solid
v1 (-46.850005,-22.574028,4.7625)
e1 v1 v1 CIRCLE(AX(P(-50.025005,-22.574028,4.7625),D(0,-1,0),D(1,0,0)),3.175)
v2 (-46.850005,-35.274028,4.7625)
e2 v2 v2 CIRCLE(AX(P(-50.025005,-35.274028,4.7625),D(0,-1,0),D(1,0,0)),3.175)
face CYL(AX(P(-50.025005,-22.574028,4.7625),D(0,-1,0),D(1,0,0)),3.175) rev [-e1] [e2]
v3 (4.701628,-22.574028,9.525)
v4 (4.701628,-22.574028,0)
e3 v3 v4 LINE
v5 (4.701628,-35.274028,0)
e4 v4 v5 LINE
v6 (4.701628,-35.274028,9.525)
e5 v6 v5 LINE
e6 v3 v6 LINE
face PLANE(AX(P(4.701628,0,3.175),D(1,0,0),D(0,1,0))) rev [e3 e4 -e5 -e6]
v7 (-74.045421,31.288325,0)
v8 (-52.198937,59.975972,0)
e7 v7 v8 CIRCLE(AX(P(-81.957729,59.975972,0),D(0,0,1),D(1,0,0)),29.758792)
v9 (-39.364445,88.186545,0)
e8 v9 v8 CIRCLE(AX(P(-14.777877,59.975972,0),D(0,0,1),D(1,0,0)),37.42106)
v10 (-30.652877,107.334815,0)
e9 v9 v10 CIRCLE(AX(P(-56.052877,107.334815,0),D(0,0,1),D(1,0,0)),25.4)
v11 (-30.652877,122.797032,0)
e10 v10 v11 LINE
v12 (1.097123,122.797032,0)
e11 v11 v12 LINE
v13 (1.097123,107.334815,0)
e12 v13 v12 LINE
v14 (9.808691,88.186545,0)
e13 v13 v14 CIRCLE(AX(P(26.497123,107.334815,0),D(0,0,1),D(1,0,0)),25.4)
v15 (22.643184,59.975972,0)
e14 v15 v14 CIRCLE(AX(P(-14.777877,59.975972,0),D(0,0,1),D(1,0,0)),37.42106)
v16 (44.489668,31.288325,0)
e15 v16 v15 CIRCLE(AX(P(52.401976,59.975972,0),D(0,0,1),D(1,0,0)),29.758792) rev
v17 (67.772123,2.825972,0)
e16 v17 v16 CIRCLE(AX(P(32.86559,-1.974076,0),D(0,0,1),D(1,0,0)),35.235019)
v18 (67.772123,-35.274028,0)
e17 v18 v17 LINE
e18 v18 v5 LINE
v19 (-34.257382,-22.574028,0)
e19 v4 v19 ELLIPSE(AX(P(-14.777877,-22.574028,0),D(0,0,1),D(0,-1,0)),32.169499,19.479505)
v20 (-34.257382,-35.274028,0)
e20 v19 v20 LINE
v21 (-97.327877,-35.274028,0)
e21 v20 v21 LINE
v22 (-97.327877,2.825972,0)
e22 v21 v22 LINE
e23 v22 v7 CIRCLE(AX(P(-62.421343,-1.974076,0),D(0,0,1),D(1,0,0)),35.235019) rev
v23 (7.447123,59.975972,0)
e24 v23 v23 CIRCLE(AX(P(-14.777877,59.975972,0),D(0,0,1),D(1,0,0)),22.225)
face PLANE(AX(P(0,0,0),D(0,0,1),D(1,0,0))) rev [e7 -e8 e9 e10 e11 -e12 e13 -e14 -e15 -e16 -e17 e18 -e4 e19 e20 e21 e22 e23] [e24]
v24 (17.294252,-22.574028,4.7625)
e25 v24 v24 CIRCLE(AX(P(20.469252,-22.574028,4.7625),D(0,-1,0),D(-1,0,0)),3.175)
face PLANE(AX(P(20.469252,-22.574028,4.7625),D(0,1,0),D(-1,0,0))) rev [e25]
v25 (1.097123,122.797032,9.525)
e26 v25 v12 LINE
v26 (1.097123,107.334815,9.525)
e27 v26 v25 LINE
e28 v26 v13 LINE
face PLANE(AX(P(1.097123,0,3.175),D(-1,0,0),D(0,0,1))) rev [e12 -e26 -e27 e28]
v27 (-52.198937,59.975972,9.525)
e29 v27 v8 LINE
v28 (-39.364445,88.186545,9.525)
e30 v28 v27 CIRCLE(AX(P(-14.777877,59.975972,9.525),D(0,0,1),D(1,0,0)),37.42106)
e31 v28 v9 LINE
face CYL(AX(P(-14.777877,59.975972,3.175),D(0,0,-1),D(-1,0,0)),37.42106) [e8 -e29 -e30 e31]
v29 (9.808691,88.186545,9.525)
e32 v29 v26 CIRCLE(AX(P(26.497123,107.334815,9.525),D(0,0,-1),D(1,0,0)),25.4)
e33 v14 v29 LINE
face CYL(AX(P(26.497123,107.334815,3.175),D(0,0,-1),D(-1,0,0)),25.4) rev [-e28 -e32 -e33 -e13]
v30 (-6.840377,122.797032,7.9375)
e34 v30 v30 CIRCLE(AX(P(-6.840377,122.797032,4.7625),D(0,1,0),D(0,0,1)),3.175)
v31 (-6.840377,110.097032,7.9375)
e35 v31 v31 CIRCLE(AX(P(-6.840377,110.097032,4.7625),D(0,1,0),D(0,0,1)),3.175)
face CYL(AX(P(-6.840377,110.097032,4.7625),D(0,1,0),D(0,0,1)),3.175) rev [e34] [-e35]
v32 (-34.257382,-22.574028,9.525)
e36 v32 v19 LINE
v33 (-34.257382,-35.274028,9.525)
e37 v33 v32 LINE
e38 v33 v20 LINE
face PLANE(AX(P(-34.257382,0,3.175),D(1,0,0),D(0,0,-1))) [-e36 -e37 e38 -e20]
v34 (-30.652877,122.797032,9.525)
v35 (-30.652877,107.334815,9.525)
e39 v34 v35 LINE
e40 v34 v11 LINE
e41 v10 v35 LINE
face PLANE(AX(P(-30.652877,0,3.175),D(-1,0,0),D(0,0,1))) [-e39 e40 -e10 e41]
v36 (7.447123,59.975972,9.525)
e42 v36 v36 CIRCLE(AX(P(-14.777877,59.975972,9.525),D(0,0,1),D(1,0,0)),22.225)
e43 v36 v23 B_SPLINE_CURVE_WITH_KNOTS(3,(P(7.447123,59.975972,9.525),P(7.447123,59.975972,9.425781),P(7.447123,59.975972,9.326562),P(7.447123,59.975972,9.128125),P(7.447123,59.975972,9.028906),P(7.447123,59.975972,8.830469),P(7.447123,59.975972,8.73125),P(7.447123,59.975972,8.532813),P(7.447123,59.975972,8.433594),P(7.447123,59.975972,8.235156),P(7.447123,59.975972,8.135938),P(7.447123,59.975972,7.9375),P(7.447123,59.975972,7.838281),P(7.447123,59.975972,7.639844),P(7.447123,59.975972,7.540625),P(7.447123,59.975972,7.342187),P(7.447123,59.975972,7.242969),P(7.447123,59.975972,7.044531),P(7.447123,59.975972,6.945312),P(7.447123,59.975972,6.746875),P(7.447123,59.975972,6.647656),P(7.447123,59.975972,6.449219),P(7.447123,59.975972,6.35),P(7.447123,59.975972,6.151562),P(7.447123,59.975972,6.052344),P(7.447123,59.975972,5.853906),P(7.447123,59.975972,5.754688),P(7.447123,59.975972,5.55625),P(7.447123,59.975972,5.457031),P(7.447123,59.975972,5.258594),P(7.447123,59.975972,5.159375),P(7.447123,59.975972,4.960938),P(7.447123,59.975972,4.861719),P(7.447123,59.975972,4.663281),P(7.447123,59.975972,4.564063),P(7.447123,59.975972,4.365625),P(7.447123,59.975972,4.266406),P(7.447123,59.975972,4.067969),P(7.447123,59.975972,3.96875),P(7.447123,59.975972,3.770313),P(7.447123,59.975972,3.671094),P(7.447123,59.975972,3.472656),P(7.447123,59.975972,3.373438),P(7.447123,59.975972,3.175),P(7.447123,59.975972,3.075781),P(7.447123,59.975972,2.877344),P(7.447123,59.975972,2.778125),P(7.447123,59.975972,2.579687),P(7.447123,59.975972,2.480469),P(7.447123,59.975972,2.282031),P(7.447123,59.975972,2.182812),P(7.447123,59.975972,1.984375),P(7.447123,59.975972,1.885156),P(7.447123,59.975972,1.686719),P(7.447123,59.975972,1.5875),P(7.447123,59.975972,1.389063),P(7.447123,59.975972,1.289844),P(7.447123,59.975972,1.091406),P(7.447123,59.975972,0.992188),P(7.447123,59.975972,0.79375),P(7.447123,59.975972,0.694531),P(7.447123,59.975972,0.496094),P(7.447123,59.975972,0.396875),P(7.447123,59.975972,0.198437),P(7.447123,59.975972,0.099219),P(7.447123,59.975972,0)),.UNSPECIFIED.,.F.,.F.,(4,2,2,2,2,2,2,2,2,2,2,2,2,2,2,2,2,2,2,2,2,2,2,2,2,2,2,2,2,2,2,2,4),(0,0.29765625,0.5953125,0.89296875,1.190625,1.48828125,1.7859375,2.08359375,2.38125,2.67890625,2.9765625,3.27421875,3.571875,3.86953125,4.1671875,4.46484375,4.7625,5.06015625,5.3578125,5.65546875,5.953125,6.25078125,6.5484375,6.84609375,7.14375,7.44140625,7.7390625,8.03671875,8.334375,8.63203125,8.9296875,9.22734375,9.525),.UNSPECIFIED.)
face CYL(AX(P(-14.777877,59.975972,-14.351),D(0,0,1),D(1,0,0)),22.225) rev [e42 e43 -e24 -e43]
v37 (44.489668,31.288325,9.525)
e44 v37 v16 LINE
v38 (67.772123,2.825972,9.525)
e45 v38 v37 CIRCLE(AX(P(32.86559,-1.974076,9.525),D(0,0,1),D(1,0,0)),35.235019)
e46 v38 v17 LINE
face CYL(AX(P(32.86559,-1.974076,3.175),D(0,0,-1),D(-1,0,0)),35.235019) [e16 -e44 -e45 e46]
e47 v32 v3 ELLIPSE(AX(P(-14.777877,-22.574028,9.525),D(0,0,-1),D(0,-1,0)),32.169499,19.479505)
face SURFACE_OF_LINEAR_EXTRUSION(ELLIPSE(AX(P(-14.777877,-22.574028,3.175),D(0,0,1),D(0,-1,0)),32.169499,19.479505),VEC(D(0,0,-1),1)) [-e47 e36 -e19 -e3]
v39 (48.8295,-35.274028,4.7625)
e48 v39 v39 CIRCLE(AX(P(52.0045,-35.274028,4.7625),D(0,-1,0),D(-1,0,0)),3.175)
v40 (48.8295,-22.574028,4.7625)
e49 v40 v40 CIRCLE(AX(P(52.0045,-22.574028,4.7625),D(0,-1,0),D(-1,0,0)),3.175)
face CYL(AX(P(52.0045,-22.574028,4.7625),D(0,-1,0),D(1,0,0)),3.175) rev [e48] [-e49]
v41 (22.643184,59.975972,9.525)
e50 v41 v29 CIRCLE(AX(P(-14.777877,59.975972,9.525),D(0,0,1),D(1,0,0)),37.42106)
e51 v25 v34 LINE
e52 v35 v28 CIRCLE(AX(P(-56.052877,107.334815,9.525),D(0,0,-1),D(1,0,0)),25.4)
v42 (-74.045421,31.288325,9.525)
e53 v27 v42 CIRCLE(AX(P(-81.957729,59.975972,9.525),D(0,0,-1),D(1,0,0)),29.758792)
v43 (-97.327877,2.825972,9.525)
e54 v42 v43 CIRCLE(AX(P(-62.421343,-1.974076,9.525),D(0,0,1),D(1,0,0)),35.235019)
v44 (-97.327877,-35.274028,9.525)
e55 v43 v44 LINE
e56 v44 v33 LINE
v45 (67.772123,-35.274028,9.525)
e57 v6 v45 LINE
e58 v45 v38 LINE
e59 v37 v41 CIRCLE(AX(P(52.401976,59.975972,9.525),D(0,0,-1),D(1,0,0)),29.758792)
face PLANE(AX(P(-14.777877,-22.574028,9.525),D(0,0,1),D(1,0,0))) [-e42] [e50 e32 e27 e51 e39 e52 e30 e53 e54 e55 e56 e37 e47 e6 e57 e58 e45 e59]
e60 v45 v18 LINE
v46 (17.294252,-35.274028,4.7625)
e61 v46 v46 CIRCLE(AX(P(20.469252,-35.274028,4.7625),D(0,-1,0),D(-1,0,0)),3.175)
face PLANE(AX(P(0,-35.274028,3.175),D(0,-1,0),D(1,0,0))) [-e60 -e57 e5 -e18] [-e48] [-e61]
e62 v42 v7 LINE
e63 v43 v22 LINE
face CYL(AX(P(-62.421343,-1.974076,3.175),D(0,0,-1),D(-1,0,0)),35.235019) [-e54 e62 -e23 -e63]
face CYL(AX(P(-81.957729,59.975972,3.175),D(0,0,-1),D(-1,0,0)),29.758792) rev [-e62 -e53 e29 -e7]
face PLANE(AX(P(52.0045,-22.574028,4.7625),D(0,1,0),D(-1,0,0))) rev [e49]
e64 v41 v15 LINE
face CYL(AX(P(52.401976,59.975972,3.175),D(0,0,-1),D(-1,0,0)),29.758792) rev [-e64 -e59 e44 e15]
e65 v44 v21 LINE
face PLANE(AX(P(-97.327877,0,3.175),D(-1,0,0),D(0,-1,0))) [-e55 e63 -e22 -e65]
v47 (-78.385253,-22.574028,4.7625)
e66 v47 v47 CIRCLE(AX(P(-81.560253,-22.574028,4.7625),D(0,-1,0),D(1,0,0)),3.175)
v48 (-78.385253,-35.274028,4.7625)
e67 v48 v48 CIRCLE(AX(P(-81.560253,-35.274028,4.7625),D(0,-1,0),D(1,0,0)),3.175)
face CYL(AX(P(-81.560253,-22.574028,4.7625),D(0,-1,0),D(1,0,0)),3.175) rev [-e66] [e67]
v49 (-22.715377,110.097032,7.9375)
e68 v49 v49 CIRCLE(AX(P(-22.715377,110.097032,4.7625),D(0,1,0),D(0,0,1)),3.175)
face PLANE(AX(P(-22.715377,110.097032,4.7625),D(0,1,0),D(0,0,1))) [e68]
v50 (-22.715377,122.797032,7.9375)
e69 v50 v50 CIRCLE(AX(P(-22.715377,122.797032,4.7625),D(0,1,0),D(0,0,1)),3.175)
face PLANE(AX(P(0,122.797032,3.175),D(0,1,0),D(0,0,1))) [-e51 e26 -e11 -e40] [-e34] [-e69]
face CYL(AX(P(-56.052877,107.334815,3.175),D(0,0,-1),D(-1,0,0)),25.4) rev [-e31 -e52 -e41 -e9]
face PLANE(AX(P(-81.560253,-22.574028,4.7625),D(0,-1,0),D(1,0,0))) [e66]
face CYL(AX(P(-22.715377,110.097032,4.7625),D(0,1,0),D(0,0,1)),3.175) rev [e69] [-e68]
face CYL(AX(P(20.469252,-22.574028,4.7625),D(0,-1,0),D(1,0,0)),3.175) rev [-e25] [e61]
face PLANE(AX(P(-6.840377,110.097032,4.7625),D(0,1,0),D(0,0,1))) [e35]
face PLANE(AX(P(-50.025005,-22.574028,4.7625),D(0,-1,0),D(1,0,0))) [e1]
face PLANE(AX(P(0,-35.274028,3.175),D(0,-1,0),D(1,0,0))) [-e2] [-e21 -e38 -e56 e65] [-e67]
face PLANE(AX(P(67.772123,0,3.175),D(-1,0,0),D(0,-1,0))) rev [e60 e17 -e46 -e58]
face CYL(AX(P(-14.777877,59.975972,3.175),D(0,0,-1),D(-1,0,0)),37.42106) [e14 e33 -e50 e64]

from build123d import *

# Parameters (mm, degrees)
SKETCH1_R           = 19.61817075
BOSS_EXTRUDE1_DEPTH = 3.175
FILLET1_R           = 25.4
SKETCH2_R           = 15.875
BOSS_EXTRUDE2_DEPTH = 12.7
CUT_EXTRUDE3_START  = -6.35
SKETCH5_R           = 15.875
CUT_EXTRUDE3_DEPTH  = 6.35
SKETCH3_R           = 3.175
CUT_EXTRUDE1_DEPTH  = 12.7
SKETCH4_R           = 3.175
CUT_EXTRUDE2_DEPTH  = 12.7
CUT_EXTRUDE4_START  = -23.876
SKETCH7_R           = 22.225
SKETCH7_R_2         = 15.875
CUT_EXTRUDE4_DEPTH  = 23.876


with BuildPart() as part:
    # Sketch1 → Boss-Extrude1 (new body)
    with BuildSketch(Plane.XY):
        with BuildLine():
            ThreePointArc((44.489667751, 31.288325121), (28.726604254, 41.946482698), (22.64318373, 59.97597211))
            ThreePointArc((22.64318373, 59.97597211), (16.800558188, 80.054274158), (1.097123352, 93.862844712))
            Line((1.097123352, 93.862844712), (1.097123352, 122.797032487))
            Line((1.097123352, 122.797032487), (-30.652876648, 122.797032487))
            Line((-30.652876648, 122.797032487), (-30.652876648, 93.862844712))
            ThreePointArc((-30.652876648, 93.862844712), (-46.356311483, 80.054274158), (-52.198937025, 59.97597211))
            ThreePointArc((-52.198937025, 59.97597211), (-58.282357549, 41.946482698), (-74.045421046, 31.288325121))
            ThreePointArc((-74.045421046, 31.288325121), (-89.694055432, 20.335242519), (-97.327876648, 2.82597211))
            Line((-97.327876648, 2.82597211), (-97.327876648, -35.27402789))
            Line((-97.327876648, -35.27402789), (-34.257381722, -35.27402789))
            Line((-34.257381722, -35.27402789), (-34.257381722, -22.57402789))
            add(Edge.make_bspline(
                [(4.701628427, -22.57402789), (4.701628427, 9.595471172), (-14.777876648, 9.595471172), (-34.257381722, 9.595471172), (-34.257381722, -22.57402789)],
                knots=[1.570796327, 1.570796327, 1.570796327, 3.141592654, 3.141592654, 4.71238898, 4.71238898, 4.71238898], degree=2, weights=[1, 0.707106781, 1, 0.707106781, 1]))
            Line((4.701628427, -22.57402789), (4.701628427, -35.27402789))
            Line((4.701628427, -35.27402789), (67.772123352, -35.27402789))
            Line((67.772123352, -35.27402789), (67.772123352, 2.82597211))
            ThreePointArc((67.772123352, 2.82597211), (60.138302137, 20.335242519), (44.489667751, 31.288325121))
        make_face()
        with Locations((-14.777876648, 59.97597211)):
            Circle(SKETCH1_R, mode=Mode.SUBTRACT)
    extrude(amount=BOSS_EXTRUDE1_DEPTH)

    # Fillet1
    fillet1_edges = [part.edges().sort_by_distance(p)[0] for p in [
        (-30.652876648, 93.862844712, 1.5875),
        (1.097123352, 93.862844712, 1.5875),
    ]]
    fillet(fillet1_edges, radius=FILLET1_R)

    # Sketch2 → Boss-Extrude2 (add)
    with BuildSketch(Plane.XY.offset(3.175)):
        with BuildLine():
            Line((1.097123352, 107.334815022), (1.097123352, 122.797032487))
            Line((1.097123352, 122.797032487), (-30.652876648, 122.797032487))
            Line((-30.652876648, 122.797032487), (-30.652876648, 107.334815022))
            ThreePointArc((-30.652876648, 107.334815022), (-32.933121295, 96.816406756), (-39.364444557, 88.186545274))
            ThreePointArc((-39.364444557, 88.186545274), (-48.83952078, 75.47242844), (-52.198937025, 59.97597211))
            ThreePointArc((-52.198937025, 59.97597211), (-58.282357549, 41.946482698), (-74.045421046, 31.288325121))
            ThreePointArc((-74.045421046, 31.288325121), (-89.694055432, 20.335242519), (-97.327876648, 2.82597211))
            Line((-97.327876648, 2.82597211), (-97.327876648, -35.27402789))
            Line((-97.327876648, -35.27402789), (-34.257381722, -35.27402789))
            Line((-34.257381722, -35.27402789), (-34.257381722, -22.57402789))
            add(Edge.make_bspline(
                [(4.701628427, -22.57402789), (4.701628427, 9.595471172), (-14.777876648, 9.595471172), (-34.257381722, 9.595471172), (-34.257381722, -22.57402789)],
                knots=[1.570796327, 1.570796327, 1.570796327, 3.141592654, 3.141592654, 4.71238898, 4.71238898, 4.71238898], degree=2, weights=[1, 0.707106781, 1, 0.707106781, 1]))
            Line((4.701628427, -22.57402789), (4.701628427, -35.27402789))
            Line((4.701628427, -35.27402789), (67.772123352, -35.27402789))
            Line((67.772123352, -35.27402789), (67.772123352, 2.82597211))
            ThreePointArc((67.772123352, 2.82597211), (60.138302137, 20.335242519), (44.489667751, 31.288325121))
            ThreePointArc((44.489667751, 31.288325121), (28.726604254, 41.946482698), (22.64318373, 59.97597211))
            ThreePointArc((22.64318373, 59.97597211), (19.283767485, 75.47242844), (9.808691261, 88.186545274))
            ThreePointArc((9.808691261, 88.186545274), (3.377368, 96.816406756), (1.097123352, 107.334815022))
        make_face()
        with Locations((-14.777876648, 59.97597211)):
            Circle(SKETCH2_R, mode=Mode.SUBTRACT)
    extrude(amount=BOSS_EXTRUDE2_DEPTH)

    # Sketch5 → Cut-Extrude3 (cut)
    with BuildSketch(Plane.XY.offset(15.875).offset(CUT_EXTRUDE3_START)):
        with BuildLine():
            Line((1.097123352, 107.334815022), (1.097123352, 122.797032487))
            Line((1.097123352, 122.797032487), (-30.652876648, 122.797032487))
            Line((-30.652876648, 122.797032487), (-30.652876648, 107.334815022))
            ThreePointArc((-30.652876648, 107.334815022), (-32.933121295, 96.816406756), (-39.364444557, 88.186545274))
            ThreePointArc((-39.364444557, 88.186545274), (-48.83952078, 75.47242844), (-52.198937025, 59.97597211))
            ThreePointArc((-52.198937025, 59.97597211), (-58.282357549, 41.946482698), (-74.045421046, 31.288325121))
            ThreePointArc((-74.045421046, 31.288325121), (-89.694055432, 20.335242519), (-97.327876648, 2.82597211))
            Line((-97.327876648, 2.82597211), (-97.327876648, -35.27402789))
            Line((-97.327876648, -35.27402789), (-34.257381722, -35.27402789))
            Line((-34.257381722, -35.27402789), (-34.257381722, -22.57402789))
            add(Edge.make_bspline(
                [(4.701628427, -22.57402789), (4.701628427, 9.595471172), (-14.777876648, 9.595471172), (-34.257381722, 9.595471172), (-34.257381722, -22.57402789)],
                knots=[1.570796327, 1.570796327, 1.570796327, 3.141592654, 3.141592654, 4.71238898, 4.71238898, 4.71238898], degree=2, weights=[1, 0.707106781, 1, 0.707106781, 1]))
            Line((4.701628427, -22.57402789), (4.701628427, -35.27402789))
            Line((4.701628427, -35.27402789), (67.772123352, -35.27402789))
            Line((67.772123352, -35.27402789), (67.772123352, 2.82597211))
            ThreePointArc((67.772123352, 2.82597211), (60.138302137, 20.335242519), (44.489667751, 31.288325121))
            ThreePointArc((44.489667751, 31.288325121), (28.726604254, 41.946482698), (22.64318373, 59.97597211))
            ThreePointArc((22.64318373, 59.97597211), (19.283767485, 75.47242844), (9.808691261, 88.186545274))
            ThreePointArc((9.808691261, 88.186545274), (3.377368, 96.816406756), (1.097123352, 107.334815022))
        make_face()
        with Locations((-14.777876648, 59.97597211)):
            Circle(SKETCH5_R, mode=Mode.SUBTRACT)
    extrude(amount=CUT_EXTRUDE3_DEPTH, mode=Mode.SUBTRACT)

    # Sketch3 → Cut-Extrude1 (cut)
    with BuildSketch(Plane.XZ.offset(35.27402789)):
        with Locations((-50.025005454, 4.7625)):
            Circle(SKETCH3_R)
        with Locations((-81.560252916, 4.7625)):
            Circle(SKETCH3_R)
        with Locations(Location((20.469252158, 4.7625, 0), (0, 0, 180))):
            Circle(SKETCH3_R)
        with Locations(Location((52.004499621, 4.7625, 0), (0, 0, 180))):
            Circle(SKETCH3_R)
    extrude(amount=-CUT_EXTRUDE1_DEPTH, mode=Mode.SUBTRACT)

    # Sketch4 → Cut-Extrude2 (cut)
    with BuildSketch(Plane(origin=(0, 122.797032487, 0), x_dir=(1, 0, 0), z_dir=(0, 1, 0))):
        with Locations(Location((-22.715376648, -4.7625, 0), (0, 0, 270))):
            Circle(SKETCH4_R)
        with Locations(Location((-6.840376648, -4.7625, 0), (0, 0, 270))):
            Circle(SKETCH4_R)
    extrude(amount=-CUT_EXTRUDE2_DEPTH, mode=Mode.SUBTRACT)

    # Sketch7 → Cut-Extrude4 (cut)
    with BuildSketch(Plane.XY.offset(9.525).offset(CUT_EXTRUDE4_START)):
        with Locations((-14.777876648, 59.97597211)):
            Circle(SKETCH7_R)
        with Locations((-14.777876648, 59.97597211)):
            Circle(SKETCH7_R_2, mode=Mode.SUBTRACT)
    extrude(amount=CUT_EXTRUDE4_DEPTH, mode=Mode.SUBTRACT)


solid = part.part
